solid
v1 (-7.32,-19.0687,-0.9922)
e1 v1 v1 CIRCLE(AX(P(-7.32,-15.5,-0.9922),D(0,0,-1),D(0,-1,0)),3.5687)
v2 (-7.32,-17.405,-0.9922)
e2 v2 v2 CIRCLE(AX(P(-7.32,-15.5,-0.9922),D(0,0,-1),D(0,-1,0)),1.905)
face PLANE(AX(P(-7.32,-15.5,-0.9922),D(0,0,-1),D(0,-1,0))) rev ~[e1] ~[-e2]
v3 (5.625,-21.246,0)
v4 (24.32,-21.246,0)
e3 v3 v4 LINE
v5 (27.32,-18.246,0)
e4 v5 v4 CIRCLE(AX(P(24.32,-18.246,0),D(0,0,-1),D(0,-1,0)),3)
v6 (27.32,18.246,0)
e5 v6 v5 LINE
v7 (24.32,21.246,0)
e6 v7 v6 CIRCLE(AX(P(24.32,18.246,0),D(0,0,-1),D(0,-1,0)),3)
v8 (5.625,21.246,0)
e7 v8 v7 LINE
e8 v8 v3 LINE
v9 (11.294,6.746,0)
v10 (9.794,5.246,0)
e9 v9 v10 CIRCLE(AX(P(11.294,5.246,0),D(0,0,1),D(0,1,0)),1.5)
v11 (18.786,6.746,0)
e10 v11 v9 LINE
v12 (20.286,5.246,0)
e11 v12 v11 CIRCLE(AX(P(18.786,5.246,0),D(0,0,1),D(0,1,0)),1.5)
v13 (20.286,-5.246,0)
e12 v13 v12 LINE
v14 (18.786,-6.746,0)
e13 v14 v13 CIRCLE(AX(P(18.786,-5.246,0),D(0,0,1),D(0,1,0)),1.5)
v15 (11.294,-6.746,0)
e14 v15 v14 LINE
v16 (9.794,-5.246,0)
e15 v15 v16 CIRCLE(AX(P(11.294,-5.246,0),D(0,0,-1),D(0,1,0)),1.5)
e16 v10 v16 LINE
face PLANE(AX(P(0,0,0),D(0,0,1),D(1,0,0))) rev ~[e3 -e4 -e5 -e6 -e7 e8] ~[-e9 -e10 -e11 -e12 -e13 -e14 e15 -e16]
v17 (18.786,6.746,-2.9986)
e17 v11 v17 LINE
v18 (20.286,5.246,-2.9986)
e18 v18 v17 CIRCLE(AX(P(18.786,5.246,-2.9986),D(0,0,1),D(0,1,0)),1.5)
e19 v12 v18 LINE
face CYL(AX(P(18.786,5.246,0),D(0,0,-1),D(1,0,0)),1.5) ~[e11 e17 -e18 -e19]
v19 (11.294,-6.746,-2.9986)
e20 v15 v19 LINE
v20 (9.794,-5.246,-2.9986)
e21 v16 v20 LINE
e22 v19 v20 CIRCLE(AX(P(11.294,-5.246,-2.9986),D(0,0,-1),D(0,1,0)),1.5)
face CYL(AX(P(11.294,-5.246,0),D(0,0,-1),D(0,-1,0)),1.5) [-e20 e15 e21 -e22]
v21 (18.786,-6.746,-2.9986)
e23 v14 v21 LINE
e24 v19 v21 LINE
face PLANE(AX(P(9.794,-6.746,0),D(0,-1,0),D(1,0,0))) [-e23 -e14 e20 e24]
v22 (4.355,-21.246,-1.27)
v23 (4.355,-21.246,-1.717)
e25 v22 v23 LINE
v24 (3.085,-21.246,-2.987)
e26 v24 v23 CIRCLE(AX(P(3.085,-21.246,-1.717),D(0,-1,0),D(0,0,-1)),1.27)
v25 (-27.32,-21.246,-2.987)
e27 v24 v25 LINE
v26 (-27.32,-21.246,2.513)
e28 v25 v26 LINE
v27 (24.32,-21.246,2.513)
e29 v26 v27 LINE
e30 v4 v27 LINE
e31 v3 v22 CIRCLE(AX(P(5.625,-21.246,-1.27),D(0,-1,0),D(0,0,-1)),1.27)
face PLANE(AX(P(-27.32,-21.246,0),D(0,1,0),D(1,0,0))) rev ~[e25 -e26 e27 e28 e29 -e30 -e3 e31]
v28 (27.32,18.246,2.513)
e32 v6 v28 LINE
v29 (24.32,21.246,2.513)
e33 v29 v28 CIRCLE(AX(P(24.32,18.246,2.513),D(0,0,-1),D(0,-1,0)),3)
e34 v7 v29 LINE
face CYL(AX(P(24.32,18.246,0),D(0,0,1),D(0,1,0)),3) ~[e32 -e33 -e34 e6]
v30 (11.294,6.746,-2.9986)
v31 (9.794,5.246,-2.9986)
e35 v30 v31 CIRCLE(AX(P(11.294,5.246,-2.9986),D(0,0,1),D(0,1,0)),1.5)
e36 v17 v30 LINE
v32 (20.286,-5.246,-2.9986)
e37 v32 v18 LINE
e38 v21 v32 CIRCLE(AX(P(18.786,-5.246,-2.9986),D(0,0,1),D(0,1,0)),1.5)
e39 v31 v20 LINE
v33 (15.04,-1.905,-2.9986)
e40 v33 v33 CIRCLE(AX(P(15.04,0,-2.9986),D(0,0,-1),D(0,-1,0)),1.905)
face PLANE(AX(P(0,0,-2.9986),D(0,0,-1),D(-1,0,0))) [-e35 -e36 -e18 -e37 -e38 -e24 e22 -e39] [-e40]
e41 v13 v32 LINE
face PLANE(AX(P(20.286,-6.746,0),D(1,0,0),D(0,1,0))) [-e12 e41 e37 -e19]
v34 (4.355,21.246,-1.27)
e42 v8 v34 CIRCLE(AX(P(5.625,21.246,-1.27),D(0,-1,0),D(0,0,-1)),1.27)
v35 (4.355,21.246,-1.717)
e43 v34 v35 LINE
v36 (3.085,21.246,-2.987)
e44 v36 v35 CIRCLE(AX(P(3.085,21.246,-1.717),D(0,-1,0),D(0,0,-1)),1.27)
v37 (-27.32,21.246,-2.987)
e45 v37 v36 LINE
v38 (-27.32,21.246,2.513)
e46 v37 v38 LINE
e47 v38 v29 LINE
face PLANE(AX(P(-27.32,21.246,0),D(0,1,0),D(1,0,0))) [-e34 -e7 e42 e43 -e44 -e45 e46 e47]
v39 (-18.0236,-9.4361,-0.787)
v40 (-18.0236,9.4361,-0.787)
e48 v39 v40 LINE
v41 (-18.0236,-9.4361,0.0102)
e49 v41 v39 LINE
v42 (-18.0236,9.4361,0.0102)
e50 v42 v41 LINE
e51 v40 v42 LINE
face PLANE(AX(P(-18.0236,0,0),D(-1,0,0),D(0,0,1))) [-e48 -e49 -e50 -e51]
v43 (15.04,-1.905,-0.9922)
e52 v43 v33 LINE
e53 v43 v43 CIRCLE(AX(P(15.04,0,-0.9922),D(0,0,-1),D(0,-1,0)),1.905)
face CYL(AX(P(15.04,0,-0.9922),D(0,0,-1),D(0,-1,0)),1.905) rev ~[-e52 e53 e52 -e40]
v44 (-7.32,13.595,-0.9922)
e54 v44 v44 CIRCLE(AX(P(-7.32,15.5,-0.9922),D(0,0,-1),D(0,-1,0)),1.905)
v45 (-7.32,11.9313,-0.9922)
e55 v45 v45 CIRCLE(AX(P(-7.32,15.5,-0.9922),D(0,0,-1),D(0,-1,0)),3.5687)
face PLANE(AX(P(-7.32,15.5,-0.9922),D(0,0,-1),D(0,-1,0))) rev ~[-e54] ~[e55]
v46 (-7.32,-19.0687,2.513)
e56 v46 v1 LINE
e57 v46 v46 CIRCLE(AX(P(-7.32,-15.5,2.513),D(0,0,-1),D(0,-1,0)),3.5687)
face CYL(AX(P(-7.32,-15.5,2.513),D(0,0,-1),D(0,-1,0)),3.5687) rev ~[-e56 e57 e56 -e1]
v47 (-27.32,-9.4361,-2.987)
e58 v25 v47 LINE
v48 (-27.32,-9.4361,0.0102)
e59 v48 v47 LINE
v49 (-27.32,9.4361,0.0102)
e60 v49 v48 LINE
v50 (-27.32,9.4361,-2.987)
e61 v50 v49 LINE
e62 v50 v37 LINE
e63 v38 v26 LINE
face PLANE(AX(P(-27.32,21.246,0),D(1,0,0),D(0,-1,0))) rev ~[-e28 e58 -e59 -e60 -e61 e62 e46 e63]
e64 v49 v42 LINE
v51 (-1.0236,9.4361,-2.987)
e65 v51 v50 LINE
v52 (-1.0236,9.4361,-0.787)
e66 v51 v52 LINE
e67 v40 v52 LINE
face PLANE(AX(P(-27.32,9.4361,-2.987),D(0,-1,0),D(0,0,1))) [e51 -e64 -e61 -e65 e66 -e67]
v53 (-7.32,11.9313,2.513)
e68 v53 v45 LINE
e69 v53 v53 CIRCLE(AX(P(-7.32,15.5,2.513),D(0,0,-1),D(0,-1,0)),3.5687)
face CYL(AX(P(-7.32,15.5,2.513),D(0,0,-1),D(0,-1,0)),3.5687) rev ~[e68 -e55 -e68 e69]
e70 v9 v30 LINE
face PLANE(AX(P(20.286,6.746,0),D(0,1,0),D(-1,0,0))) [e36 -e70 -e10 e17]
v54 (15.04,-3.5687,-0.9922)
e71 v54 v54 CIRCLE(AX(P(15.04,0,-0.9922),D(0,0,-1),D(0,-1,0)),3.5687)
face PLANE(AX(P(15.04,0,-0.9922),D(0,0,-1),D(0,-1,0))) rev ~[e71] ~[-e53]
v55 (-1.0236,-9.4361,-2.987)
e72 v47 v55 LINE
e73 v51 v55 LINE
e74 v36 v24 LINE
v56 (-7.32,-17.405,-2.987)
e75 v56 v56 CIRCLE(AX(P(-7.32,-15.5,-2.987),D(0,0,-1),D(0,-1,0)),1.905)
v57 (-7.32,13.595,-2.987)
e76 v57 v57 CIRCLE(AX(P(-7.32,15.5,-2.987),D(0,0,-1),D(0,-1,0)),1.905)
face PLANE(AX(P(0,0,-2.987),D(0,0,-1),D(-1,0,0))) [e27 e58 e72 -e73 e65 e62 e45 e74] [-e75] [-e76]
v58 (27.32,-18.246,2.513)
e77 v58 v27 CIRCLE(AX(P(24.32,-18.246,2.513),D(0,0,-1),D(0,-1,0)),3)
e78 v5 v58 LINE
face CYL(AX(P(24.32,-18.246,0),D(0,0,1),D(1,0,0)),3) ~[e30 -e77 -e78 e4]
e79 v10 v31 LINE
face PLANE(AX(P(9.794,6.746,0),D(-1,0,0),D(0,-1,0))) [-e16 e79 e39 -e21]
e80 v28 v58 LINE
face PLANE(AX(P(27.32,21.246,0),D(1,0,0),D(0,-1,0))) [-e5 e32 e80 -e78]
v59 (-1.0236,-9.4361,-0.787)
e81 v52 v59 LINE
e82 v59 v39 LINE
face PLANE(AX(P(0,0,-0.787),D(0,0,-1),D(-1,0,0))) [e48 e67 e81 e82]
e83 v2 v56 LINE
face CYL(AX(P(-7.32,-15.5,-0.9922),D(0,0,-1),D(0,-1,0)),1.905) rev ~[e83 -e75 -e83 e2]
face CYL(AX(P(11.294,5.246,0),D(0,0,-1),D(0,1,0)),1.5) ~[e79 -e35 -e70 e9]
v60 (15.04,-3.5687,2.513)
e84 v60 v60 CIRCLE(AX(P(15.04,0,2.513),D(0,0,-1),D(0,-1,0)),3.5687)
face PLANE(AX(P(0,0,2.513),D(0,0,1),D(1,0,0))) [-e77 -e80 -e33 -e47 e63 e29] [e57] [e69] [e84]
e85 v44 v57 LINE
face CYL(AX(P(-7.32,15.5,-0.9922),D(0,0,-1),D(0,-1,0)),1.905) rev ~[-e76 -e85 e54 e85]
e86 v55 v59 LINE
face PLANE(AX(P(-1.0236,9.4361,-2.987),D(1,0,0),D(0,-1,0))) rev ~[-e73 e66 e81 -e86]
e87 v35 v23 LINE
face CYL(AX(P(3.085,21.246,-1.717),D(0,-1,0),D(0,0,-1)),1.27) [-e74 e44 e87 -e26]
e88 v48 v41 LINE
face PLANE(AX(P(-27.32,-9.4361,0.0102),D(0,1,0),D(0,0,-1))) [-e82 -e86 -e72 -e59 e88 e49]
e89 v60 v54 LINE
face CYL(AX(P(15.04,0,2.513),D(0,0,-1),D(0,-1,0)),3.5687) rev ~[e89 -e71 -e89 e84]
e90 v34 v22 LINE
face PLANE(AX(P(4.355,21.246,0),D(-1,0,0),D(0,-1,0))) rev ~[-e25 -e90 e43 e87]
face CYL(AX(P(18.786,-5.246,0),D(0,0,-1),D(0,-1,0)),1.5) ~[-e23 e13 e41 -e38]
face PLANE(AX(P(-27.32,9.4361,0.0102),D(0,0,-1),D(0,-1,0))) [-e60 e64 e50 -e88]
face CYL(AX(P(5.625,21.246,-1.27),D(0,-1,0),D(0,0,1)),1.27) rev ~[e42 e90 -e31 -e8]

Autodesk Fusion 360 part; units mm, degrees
sketch "Sketch1" plane through (0, 0, 0) normal (0, 0, 1) x (1, 0, 0)
  line L0 (27.32, 21.5) -> (-27.32, 21.5) construction
  line L1 (-27.32, 21.5) -> (-27.32, -21.5) construction
  line L2 (-27.32, -21.5) -> (27.32, -21.5) construction
  line L3 (27.32, -21.5) -> (27.32, 21.5) construction
  line L4 (27.32, 21.5) -> (-27.32, -21.5) construction
  line L5 (-27.32, 21.5) -> (27.32, -21.5) construction
  line L6 (-27.32, 21.246) -> (27.32, 21.246)
  line L7 (27.32, 21.246) -> (27.32, -21.246)
  line L8 (-27.32, 21.246) -> (-27.32, -21.246)
  line L9 (-27.32, 0) -> (0, 0) construction
  line L10 (-27.32, -21.246) -> (27.32, -21.246)
  dimension "d1" = 54.64
  dimension "d2" = 43
  dimension "d19" = 0.254
extrude "Extrude1" add sketch "Sketch1" along normal blind 2.513
sketch "Sketch2" plane through (0, 0, 0) normal (0, 0, -1) x (-1, 0, 0)
  line L0 (27.32, 21.246) -> (-4.355, 21.246)
  line L1 (-4.355, 21.246) -> (-4.355, -21.246)
  line L2 (-4.355, -21.246) -> (27.32, -21.246)
  line L3 (27.32, -21.246) -> (27.32, 21.246)
  line L4 (27.32, -21.246) -> (27.32, 21.246)
  line L5 (27.32, 21.246) -> (-27.32, 21.246)
  line L6 (-27.32, 21.246) -> (-27.32, -21.246)
  line L7 (-27.32, -21.246) -> (27.32, -21.246)
  dimension "d5" = 31.675
extrude "Extrude2" add sketch "Sketch2" along normal blind 2.987 contours L0 L1 L2 L3 L4 L5 L7
fillet "Fillet1" radius 3 2 edges at (27.32, 21.246, 1.2565) (27.32, -21.246, 1.2565)
sketch "Sketch5" plane through (0, 0, 0) normal (0, 0, -1) x (-1, 0, 0)
  line L0 (-4.355, 21.246) -> (-24.32, 21.246)
  arc A0 (-24.32, 21.246) -> (-27.32, 18.246) centre (-24.32, 18.246) ccw
  line L1 (-27.32, 18.246) -> (-27.32, -18.246)
  arc A1 (-27.32, -18.246) -> (-24.32, -21.246) centre (-24.32, -18.246) ccw
  line L2 (-24.32, -21.246) -> (-4.355, -21.246)
  line L3 (-20.54, 7) -> (-9.54, 7) construction
  line L4 (-9.54, 7) -> (-9.54, -7) construction
  line L5 (-9.54, -7) -> (-20.54, -7) construction
  line L6 (-20.54, -7) -> (-20.54, 7) construction
  line L7 (-27.32, 0) -> (-20.54, 0) construction
  line L8 (-9.794, -6.746) -> (-20.286, -6.746)
  line L9 (-20.286, -6.746) -> (-20.286, 6.746)
  line L10 (-20.286, 6.746) -> (-9.794, 6.746)
  line L11 (-9.794, 6.746) -> (-9.794, -6.746)
  line L12 (-4.355, -21.246) -> (-4.355, 21.246)
  dimension "d34" = 6.78
  dimension "d35" = 11
  dimension "d38" = 0.254
  dimension "d46" = 14
extrude "Extrude4" add sketch "Sketch5" along normal blind 2.9986 contours L8 L9 L10 L11
sketch "Sketch3" plane through (0, 0, 2.513) normal (0, 0, 1) x (1, 0, 0)
  line L0 (27.32, 21.5) -> (-27.32, 21.5) construction
  line L1 (-27.32, -21.5) -> (27.32, -21.5) construction
  line L2 (-27.32, 21.246) -> (-27.32, -21.246) construction
  line L3 (27.32, 21.246) -> (27.32, -21.246) construction
  line L4 (-27.32, 0) -> (0, 0) construction
  line L5 (0, 0) -> (27.32, 0) construction
  line L6 (15.04, 0) -> (15.04, 6.746) construction
  line L7 (9.794, 6.746) -> (20.286, 6.746) construction
  point P0 (-7.32, -15.5)
  point P1 (-7.32, 15.5)
  point P2 (15.04, 0)
  dimension "d25" = 6
  dimension "d28" = 20
hole "Hole1" at (-7.32, 15.5, 2.513) at (-7.32, -15.5, 2.513) at (15.04, 0, 2.513) direction (0, 0, -1) diameter 3.81 depth 39.751 tip angle 118 counterbore diameter 7.1374 counterbore depth 3.5052
fillet "Fillet2" radius 1.27 2 edges at (4.355, 0, 0) (4.355, 0, -2.987)
sketch "Sketch4" plane through (-27.32, 0, 0) normal (-1, 0, 0) x (0, 0, 1)
  line L0 (-2.987, -21.246) -> (2.513, -21.246)
  line L1 (2.513, -21.246) -> (2.513, 21.246)
  line L2 (2.513, 21.246) -> (-2.987, 21.246)
  line L3 (-2.987, 21.246) -> (-2.987, -21.246)
  line L4 (-2.3774, -4.0546) -> (-2.3774, 4.0546) construction
  line L5 (0, 0) -> (-2.3774, 0) construction
  line L6 (-2.987, 9.4361) -> (0.0102, 9.4361)
  line L7 (0.0102, 9.4361) -> (0.0102, -9.4361)
  line L8 (0.0102, -9.4361) -> (-2.987, -9.4361)
  line L9 (-2.987, -9.4361) -> (-2.987, 9.4361)
  line L10 (0, 0) -> (0.0102, 0) construction
  dimension "d30" = 2.3876
  dimension "d31" = 18.8722
  dimension "d41" = 0.6096
extrude "Extrude3" cut sketch "Sketch4" against normal blind 9.2964 contours L3 L6 L7 L8 L9
fillet "Fillet3" radius 1.5 4 edges at (20.286, 6.746, -1.4993) (9.794, 6.746, -1.4993) (20.286, -6.746, -1.4993) (9.794, -6.746, -1.4993)
sketch "Sketch6" plane through (0, 0, -2.987) normal (0, 0, -1) x (-1, 0, 0)
  circle A0 centre (7.32, 15.5) radius 1.905
  circle A1 centre (7.32, -15.5) radius 1.905
  line L0 (27.32, -9.4361) -> (18.0236, -9.4361)
  line L1 (18.0236, -9.4361) -> (18.0236, 9.4361)
  line L2 (18.0236, 9.4361) -> (27.32, 9.4361)
  line L3 (27.32, 9.4361) -> (27.32, 21.246)
  line L4 (27.32, 21.246) -> (-3.085, 21.246)
  line L5 (-3.085, 21.246) -> (-3.085, -21.246)
  line L6 (-3.085, -21.246) -> (27.32, -21.246)
  line L7 (27.32, -21.246) -> (27.32, -9.4361)
  line L8 (18.0236, 9.4361) -> (1.0236, 9.4361)
  line L9 (1.0236, 9.4361) -> (1.0236, -9.4361)
  line L10 (1.0236, -9.4361) -> (18.0236, -9.4361)
  line L11 (18.0236, -9.4361) -> (18.0236, 9.4361)
  line L12 (0, 0) -> (1.0236, 0) construction
  dimension "d43" = 17
extrude "Extrude5" cut sketch "Sketch6" against normal blind 2.2 contours L1 L8 L9 L10 L11
equation "d6 = 1.487 mm + 1.5 mm"
equation "d36 = 0.059 in + 1.5 mm"
